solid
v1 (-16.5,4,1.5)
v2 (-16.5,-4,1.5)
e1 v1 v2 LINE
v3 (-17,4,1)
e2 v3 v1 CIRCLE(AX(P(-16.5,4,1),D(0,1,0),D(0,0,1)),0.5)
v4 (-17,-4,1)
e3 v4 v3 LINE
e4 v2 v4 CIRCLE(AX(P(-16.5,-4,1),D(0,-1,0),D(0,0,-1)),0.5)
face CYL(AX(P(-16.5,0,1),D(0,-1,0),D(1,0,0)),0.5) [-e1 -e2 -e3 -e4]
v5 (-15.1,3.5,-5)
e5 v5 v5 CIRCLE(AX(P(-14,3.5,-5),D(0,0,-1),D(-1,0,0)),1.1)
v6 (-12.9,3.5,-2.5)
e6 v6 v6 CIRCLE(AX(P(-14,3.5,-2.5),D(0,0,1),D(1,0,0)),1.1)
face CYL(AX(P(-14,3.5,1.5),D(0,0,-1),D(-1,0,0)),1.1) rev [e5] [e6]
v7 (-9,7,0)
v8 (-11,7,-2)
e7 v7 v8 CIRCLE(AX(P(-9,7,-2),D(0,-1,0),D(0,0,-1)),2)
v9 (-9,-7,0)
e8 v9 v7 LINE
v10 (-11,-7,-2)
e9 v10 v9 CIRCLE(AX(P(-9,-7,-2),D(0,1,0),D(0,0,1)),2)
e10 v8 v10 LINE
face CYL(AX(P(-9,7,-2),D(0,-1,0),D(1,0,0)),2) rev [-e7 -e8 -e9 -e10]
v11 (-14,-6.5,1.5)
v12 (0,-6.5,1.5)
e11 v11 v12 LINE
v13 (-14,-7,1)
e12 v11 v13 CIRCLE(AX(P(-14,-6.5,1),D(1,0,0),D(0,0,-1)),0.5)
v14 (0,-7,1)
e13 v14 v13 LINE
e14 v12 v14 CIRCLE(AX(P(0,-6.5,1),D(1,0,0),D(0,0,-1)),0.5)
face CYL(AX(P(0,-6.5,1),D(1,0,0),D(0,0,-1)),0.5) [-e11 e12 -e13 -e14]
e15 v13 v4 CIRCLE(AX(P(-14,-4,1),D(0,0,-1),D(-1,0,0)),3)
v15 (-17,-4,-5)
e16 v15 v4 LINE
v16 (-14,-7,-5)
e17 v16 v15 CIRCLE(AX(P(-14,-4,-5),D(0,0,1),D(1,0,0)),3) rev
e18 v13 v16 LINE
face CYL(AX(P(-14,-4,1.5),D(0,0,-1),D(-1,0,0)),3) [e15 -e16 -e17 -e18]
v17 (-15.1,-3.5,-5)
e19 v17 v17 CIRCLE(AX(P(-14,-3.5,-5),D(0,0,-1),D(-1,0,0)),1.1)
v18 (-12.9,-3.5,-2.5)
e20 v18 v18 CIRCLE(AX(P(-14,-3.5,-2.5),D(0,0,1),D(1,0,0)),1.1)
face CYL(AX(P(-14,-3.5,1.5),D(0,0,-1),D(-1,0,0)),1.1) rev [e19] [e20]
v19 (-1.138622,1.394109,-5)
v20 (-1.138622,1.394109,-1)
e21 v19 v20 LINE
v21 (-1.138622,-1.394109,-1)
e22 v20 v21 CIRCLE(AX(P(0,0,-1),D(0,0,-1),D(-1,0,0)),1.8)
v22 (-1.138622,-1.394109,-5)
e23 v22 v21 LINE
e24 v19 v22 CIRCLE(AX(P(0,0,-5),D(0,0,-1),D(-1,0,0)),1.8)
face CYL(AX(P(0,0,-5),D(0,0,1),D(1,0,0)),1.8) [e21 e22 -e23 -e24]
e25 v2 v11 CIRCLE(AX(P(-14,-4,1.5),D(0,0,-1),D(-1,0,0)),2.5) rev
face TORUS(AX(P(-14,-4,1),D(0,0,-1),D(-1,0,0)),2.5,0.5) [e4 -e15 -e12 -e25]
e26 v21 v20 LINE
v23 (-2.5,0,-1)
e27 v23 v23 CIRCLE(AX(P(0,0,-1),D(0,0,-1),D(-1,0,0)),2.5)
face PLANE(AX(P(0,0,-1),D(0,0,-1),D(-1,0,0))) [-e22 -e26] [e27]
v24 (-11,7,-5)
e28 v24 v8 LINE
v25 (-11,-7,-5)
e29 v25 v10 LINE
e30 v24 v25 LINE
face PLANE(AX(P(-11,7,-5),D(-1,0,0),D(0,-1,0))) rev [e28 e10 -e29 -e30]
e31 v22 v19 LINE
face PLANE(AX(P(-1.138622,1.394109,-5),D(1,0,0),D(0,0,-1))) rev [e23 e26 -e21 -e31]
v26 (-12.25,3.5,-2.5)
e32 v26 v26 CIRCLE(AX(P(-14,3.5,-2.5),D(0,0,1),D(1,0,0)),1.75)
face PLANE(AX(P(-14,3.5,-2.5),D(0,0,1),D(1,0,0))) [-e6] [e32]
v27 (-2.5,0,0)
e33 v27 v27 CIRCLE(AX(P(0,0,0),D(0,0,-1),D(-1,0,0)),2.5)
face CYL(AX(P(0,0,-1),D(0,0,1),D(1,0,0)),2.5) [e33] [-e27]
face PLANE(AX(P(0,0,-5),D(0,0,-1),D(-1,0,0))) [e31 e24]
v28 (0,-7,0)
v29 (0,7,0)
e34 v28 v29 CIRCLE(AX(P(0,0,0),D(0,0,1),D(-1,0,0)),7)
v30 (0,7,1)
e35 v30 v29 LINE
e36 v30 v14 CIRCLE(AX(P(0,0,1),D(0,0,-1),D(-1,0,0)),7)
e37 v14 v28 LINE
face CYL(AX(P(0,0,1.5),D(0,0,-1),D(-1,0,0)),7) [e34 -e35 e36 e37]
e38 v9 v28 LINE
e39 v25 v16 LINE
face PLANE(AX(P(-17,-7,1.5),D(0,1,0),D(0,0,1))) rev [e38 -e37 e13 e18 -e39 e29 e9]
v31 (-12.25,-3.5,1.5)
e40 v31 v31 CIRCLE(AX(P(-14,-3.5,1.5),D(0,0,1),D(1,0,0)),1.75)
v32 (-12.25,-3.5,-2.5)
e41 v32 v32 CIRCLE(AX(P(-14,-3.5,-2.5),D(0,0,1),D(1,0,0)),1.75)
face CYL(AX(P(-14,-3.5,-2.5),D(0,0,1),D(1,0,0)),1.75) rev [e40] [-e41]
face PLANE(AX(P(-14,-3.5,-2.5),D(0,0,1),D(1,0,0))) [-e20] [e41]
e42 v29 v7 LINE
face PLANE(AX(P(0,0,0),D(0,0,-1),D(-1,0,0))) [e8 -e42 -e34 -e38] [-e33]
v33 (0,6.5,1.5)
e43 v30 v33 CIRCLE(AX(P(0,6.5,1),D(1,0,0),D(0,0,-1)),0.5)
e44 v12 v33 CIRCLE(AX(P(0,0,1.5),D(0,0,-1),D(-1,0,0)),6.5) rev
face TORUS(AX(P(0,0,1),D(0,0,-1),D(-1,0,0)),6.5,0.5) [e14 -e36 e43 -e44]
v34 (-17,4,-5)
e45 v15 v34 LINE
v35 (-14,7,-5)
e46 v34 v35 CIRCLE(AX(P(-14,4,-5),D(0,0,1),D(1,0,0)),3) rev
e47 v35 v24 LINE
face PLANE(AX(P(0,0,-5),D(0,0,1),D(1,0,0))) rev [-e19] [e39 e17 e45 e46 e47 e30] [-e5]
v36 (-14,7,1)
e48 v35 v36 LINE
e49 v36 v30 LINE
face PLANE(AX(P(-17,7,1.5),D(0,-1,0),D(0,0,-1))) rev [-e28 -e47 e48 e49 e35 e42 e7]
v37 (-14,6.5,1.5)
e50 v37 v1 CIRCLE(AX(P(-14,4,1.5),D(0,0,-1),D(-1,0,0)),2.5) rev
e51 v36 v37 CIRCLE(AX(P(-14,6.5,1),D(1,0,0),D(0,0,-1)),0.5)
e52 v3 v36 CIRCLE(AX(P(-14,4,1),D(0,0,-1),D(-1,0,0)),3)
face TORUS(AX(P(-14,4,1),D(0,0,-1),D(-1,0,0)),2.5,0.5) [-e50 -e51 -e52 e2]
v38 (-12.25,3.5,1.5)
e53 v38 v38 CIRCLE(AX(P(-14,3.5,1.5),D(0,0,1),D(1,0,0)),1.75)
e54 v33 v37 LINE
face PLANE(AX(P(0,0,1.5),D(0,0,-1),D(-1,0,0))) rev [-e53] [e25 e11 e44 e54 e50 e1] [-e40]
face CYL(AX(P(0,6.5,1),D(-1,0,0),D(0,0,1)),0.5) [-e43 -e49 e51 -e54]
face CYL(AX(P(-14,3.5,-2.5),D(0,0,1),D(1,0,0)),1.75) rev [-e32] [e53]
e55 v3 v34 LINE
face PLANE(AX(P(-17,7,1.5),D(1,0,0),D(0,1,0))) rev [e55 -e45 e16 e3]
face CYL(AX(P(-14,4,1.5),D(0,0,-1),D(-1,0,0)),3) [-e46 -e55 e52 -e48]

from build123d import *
from build123d.topology import SkipClean

# Parameters (mm, degrees)
SKETCH1_R           = 1.1
BOSS_EXTRUDE1_DEPTH = 1.5
SKETCH2_R           = 2.5
BOSS_EXTRUDE2_DEPTH = 1
BOSS_EXTRUDE3_DEPTH = 4
BOSS_EXTRUDE4_START = 5
SKETCH4_W           = 6
SKETCH4_H           = 14
SKETCH4_R           = 1.1
BOSS_EXTRUDE4_DEPTH = 5
FILLET4_R           = 3
FILLET1_R           = 0.5
SKETCH5_R           = 1.75
CUT_EXTRUDE1_DEPTH  = 4
FILLET3_R           = 2


with BuildPart() as part:
    # Sketch1 → Boss-Extrude1 (new body)
    with BuildSketch(Plane.XY):
        with BuildLine():
            Line((-17, 7), (0, 7))
            ThreePointArc((0, 7), (7, 0), (0, -7))
            Line((0, -7), (-17, -7))
            Line((-17, -7), (-17, 7))
        make_face()
        with Locations((-14, 3.5)):
            Circle(SKETCH1_R, mode=Mode.SUBTRACT)
        with Locations(Location((-14, -3.5, 0), (0, 0, 180))):
            Circle(SKETCH1_R, mode=Mode.SUBTRACT)
    extrude(amount=BOSS_EXTRUDE1_DEPTH)

    # Sketch2 → Boss-Extrude2 (add)
    with BuildSketch(Plane(origin=(0, 0, 0), x_dir=(-1, 0, 0), z_dir=(0, 0, -1))):
        Circle(SKETCH2_R)
    extrude(amount=BOSS_EXTRUDE2_DEPTH)

    # Sketch3 → Boss-Extrude3 (add)
    with BuildSketch(Plane(origin=(0, 0, -1), x_dir=(-1, 0, 0), z_dir=(0, 0, -1))):
        with BuildLine():
            Line((1.13862177, 1.394109201), (1.13862177, -1.394109201))
            ThreePointArc((1.13862177, -1.394109201), (-1.8, 0), (1.13862177, 1.394109201))
        make_face()
    extrude(amount=BOSS_EXTRUDE3_DEPTH)

    # Sketch4 → Boss-Extrude4 (add)
    with SkipClean():  # the faces are left unmerged after this step: merging them gives an invalid solid
        with BuildSketch(Plane(origin=(0, 0, 0), x_dir=(-1, 0, 0), z_dir=(0, 0, -1)).offset(BOSS_EXTRUDE4_START)):
            with Locations((14, 0)):
                Rectangle(SKETCH4_W, SKETCH4_H)
            with Locations((14, 3.5)):
                Circle(SKETCH4_R, mode=Mode.SUBTRACT)
            with Locations((14, -3.5)):
                Circle(SKETCH4_R, mode=Mode.SUBTRACT)
        extrude(amount=-BOSS_EXTRUDE4_DEPTH)

    # Fillet4
    fillet4_edges = [part.edges().sort_by_distance(p)[0] for p in [
        (-17, -7, -2.5),
        (-17, 7, -2.5),
    ]]
    fillet(fillet4_edges, radius=FILLET4_R)

    # Fillet1
    fillet1_edges = [part.edges().sort_by_distance(p)[0] for p in [
        (7, 0, 1.5),
        (-17, 0, 1.5),
        (-7, -7, 1.5),
        (-16.121320344, -6.121320344, 1.5),
        (-16.121320344, 6.121320344, 1.5),
        (-7, 7, 1.5),
    ]]
    fillet(fillet1_edges, radius=FILLET1_R)

    # Sketch5 → Cut-Extrude1 (cut)
    with BuildSketch(Plane.XY.offset(1.5)):
        with Locations((-14, 3.5)):
            Circle(SKETCH5_R)
        with Locations((-14, -3.5)):
            Circle(SKETCH5_R)
    extrude(amount=-CUT_EXTRUDE1_DEPTH, mode=Mode.SUBTRACT)

    # Fillet3
    fillet3_edges = [part.edges().sort_by_distance(p)[0] for p in [
        (-11, 0, 0),
    ]]
    fillet(fillet3_edges, radius=FILLET3_R)


solid = part.part
